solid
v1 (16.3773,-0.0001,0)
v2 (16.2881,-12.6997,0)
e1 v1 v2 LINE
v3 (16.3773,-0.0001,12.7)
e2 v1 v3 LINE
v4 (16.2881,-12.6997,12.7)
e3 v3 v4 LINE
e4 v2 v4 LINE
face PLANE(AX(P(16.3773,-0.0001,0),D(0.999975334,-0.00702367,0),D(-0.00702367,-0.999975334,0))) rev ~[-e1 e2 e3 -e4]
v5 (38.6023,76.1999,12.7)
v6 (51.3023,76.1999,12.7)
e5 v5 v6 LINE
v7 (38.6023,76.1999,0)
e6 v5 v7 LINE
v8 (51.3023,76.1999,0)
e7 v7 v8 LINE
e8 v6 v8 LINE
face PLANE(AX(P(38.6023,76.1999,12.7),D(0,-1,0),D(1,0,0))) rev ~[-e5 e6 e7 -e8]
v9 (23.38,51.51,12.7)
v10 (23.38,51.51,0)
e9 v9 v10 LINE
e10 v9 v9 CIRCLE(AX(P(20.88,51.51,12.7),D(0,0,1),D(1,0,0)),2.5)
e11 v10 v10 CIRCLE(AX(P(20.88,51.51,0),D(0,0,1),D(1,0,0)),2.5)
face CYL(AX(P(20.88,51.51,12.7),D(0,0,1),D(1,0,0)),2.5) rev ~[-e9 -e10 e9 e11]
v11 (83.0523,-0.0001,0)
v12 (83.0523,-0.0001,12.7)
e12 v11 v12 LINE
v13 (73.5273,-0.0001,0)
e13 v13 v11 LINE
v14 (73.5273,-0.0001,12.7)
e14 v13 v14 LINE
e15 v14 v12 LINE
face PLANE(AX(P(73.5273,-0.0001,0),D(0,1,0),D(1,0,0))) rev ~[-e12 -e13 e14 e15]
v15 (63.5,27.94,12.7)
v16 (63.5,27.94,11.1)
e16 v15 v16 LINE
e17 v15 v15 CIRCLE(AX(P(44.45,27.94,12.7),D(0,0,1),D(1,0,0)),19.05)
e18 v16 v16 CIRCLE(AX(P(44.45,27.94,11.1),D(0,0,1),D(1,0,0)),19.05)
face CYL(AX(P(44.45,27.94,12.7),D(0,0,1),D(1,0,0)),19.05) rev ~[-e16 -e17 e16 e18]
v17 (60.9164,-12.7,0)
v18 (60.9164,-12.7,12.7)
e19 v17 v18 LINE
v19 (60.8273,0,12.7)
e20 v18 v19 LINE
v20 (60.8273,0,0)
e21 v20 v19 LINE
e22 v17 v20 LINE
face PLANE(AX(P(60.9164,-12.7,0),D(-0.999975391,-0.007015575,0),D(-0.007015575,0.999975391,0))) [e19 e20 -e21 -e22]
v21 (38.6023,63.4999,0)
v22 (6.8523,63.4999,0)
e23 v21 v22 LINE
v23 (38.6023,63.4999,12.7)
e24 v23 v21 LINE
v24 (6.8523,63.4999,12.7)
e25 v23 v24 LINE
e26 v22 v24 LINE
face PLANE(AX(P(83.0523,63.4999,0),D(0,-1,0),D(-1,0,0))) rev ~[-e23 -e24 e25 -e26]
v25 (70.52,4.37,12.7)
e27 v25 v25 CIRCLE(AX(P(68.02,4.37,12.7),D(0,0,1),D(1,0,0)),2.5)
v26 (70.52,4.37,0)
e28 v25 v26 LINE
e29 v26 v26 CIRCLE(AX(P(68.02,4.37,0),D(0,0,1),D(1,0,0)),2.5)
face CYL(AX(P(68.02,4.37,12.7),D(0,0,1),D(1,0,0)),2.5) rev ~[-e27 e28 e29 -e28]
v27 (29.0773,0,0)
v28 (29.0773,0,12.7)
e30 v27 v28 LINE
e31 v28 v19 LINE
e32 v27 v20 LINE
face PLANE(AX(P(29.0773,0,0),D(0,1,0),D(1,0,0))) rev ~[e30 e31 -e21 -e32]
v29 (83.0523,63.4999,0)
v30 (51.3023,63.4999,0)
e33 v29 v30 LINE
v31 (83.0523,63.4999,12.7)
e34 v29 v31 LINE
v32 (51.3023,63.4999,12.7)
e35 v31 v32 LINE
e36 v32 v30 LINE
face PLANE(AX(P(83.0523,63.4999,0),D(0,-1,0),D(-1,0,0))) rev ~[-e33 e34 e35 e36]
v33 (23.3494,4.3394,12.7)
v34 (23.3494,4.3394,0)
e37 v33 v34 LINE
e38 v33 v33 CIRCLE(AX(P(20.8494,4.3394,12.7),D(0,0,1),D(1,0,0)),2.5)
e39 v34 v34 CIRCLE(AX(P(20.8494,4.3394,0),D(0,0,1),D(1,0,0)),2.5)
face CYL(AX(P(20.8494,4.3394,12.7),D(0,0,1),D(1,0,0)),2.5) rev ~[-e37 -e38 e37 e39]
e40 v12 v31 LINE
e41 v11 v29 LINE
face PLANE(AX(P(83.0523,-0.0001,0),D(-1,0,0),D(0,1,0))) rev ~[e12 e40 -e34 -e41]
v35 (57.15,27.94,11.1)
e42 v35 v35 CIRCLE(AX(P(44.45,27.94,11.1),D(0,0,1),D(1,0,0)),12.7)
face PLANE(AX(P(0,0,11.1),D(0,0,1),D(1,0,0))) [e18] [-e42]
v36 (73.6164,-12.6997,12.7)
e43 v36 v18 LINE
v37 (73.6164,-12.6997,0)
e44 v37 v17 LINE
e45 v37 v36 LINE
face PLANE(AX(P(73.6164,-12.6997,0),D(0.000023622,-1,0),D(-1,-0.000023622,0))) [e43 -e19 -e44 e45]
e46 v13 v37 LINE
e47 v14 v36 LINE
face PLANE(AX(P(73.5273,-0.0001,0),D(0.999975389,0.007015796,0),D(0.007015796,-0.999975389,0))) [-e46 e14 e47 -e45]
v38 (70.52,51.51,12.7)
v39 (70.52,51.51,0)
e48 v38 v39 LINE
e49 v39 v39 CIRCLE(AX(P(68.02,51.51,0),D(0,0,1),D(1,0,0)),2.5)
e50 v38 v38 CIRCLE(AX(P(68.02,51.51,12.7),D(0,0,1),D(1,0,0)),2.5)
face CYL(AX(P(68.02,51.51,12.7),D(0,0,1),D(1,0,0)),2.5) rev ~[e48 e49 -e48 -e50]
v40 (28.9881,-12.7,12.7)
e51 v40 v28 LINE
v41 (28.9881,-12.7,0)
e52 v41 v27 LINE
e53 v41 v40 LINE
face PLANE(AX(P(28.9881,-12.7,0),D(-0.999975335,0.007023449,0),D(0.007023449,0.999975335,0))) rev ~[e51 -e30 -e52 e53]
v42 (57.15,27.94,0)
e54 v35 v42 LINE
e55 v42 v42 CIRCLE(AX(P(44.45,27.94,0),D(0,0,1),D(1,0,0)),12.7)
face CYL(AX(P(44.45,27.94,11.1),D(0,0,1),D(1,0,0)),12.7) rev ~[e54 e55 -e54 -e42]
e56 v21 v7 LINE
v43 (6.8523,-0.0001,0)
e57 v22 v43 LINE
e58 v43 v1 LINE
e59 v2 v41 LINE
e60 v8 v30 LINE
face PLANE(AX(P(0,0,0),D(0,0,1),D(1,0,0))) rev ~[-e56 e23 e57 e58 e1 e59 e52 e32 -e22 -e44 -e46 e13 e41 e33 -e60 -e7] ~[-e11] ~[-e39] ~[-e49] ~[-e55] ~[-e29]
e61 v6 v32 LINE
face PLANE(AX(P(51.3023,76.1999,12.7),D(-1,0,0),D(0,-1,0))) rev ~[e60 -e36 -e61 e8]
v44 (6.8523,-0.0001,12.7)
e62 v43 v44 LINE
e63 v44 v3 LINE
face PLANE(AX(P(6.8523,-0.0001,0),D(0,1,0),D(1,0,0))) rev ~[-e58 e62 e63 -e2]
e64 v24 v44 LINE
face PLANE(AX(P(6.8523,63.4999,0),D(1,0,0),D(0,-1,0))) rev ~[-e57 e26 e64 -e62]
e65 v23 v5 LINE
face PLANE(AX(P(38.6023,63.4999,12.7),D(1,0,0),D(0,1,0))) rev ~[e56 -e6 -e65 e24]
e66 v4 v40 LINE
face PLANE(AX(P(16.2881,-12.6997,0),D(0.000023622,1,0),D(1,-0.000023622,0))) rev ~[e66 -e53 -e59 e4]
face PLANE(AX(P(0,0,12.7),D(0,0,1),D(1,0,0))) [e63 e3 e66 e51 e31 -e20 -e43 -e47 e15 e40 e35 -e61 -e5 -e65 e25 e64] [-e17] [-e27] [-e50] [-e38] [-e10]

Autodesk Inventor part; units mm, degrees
ref_plane "YZ Plane" through (0, 0, 0) normal (1, 0, 0) x (0, 1, 0)
ref_plane "XZ Plane" through (0, 0, 0) normal (0, 1, 0) x (-1, 0, 0)
ref_plane "XY Plane" through (0, 0, 0) normal (0, 0, 1) x (1, 0, 0)
sketch "Sketch1" plane through (0, 0, 0) normal (0, 0, 1) x (1, 0, 0)
  line L0 (6.8523, -0.0001) -> (16.3773, -0.0001)
  line L1 (83.0523, -0.0001) -> (83.0523, 63.4999)
  line L2 (83.0523, 63.4999) -> (6.8523, 63.4999)
  line L3 (6.8523, 63.4999) -> (6.8523, -0.0001)
  line L4 (44.9523, 0) -> (60.8273, 0) construction
  line L5 (44.9523, 0) -> (60.8273, 0) construction
  line L6 (73.5273, -0.0001) -> (73.6164, -12.6997)
  line L7 (73.6164, -12.6997) -> (60.9164, -12.7)
  line L8 (60.9164, -12.7) -> (60.8273, 0)
  line L9 (73.5273, -0.0001) -> (83.0523, -0.0001)
  line L10 (44.9523, 0) -> (44.9523, 63.4999) construction
  line L11 (44.9523, 0) -> (29.0773, 0) construction
  line L12 (44.9523, 0) -> (29.0773, 0) construction
  line L13 (16.3773, -0.0001) -> (16.2881, -12.6997)
  line L14 (16.2881, -12.6997) -> (28.9881, -12.7)
  line L15 (28.9881, -12.7) -> (29.0773, 0)
  line L16 (29.0773, 0) -> (60.8273, 0)
  dimension "d10" = 76.2
  dimension "d11" = 63.5
  dimension "d12" = 15.875
  dimension "d13" = 0
  dimension "d14" = 12.7
  dimension "d15" = 12.7
extrude "Extrusion1" add sketch "Sketch1" along normal blind 12.7
sketch "Sketch2" plane through (0, 0, 12.7) normal (0, 0, 1) x (1, 0, 0)
  line L0 (72.65, -0.26) -> (16.25, -0.26) construction
  line L1 (16.25, -0.26) -> (16.25, 56.14) construction
  line L2 (16.25, 56.14) -> (72.65, 56.14) construction
  line L3 (72.65, 56.14) -> (72.65, -0.26) construction
  line L4 (16.25, -0.26) -> (72.65, 56.14) construction
  line L5 (68.02, 4.37) -> (20.88, 4.37) construction
  line L6 (20.88, 4.37) -> (20.88, 51.51) construction
  line L7 (20.88, 51.51) -> (68.02, 51.51) construction
  line L8 (68.02, 51.51) -> (68.02, 4.37) construction
  line L9 (68.02, 4.37) -> (20.88, 51.51) construction
  line L10 (20.88, 4.37) -> (68.02, 51.51) construction
  circle A0 centre (20.8494, 4.3394) radius 2.5
  circle A1 centre (20.88, 51.51) radius 2.5
  circle A2 centre (68.02, 51.51) radius 2.5
  circle A3 centre (68.02, 4.37) radius 2.5
  line L11 (29.0773, 0) -> (60.8273, 0) construction
  line L12 (44.9523, 0) -> (44.9523, 27.94) construction
  line L13 (44.9523, 0) -> (72.8923, 0) construction
  point P0 (0, 0)
  point P1 (44.45, 27.94)
  dimension "d18" = 47.14
  dimension "d19" = 47.14
  dimension "d20" = 5
  dimension "d21" = 5
  dimension "d22" = 5
  dimension "d23" = 5
  dimension "d24" = 27.94
  dimension "d25" = 90
extrude "Extrusion2" cut sketch "Sketch2" against normal through all
sketch "Sketch3" plane through (0, 0, 12.7) normal (0, 0, 1) x (1, 0, 0)
  circle A0 centre (44.45, 27.94) radius 19.05
  line L0 (29.0773, 0) -> (60.8273, 0) construction
  line L1 (44.9523, 0) -> (44.9523, 27.94) construction
  point P0 (0, 0)
  dimension "d28" = 38.1
  dimension "d29" = 27.94
extrude "Extrusion3" cut sketch "Sketch3" against normal blind 1.6
sketch "Sketch4" plane through (44.45, 27.94, 11.1) normal (0, 0, 1) x (1, 0, 0)
  circle A0 centre (0, 0) radius 12.7
  point P0 (-44.45, -27.94)
  dimension "d32" = 25.4
extrude "Extrusion4" cut sketch "Sketch4" against normal through all
sketch "Sketch5" plane through (0, 0, 12.7) normal (0, 0, 1) x (1, 0, 0)
  line L0 (29.0773, 0) -> (60.8273, 0) construction
  line L1 (44.9523, 0) -> (44.9523, 63.4999) construction
  line L2 (83.0523, 63.4999) -> (6.8523, 63.4999) construction
  line L3 (44.9523, 63.4999) -> (44.9523, 69.8499) construction
  line L4 (44.9523, 63.4999) -> (51.3023, 63.4999) construction
  line L5 (38.6023, 76.1999) -> (51.3023, 76.1999)
  line L6 (51.3023, 76.1999) -> (51.3023, 63.4999)
  line L7 (51.3023, 63.4999) -> (38.6023, 63.4999)
  line L8 (38.6023, 63.4999) -> (38.6023, 76.1999)
  line L9 (38.6023, 76.1999) -> (51.3023, 63.4999) construction
  line L10 (51.3023, 76.1999) -> (38.6023, 63.4999) construction
  point P0 (0, 0)
  dimension "d35" = 6.35
  dimension "d36" = 90
  dimension "d37" = 12.7
  dimension "d38" = 12.7
extrude "Extrusion5" add sketch "Sketch5" against normal blind 12.7
properties part number "Motor Bracket" material "PVC-Piping"
